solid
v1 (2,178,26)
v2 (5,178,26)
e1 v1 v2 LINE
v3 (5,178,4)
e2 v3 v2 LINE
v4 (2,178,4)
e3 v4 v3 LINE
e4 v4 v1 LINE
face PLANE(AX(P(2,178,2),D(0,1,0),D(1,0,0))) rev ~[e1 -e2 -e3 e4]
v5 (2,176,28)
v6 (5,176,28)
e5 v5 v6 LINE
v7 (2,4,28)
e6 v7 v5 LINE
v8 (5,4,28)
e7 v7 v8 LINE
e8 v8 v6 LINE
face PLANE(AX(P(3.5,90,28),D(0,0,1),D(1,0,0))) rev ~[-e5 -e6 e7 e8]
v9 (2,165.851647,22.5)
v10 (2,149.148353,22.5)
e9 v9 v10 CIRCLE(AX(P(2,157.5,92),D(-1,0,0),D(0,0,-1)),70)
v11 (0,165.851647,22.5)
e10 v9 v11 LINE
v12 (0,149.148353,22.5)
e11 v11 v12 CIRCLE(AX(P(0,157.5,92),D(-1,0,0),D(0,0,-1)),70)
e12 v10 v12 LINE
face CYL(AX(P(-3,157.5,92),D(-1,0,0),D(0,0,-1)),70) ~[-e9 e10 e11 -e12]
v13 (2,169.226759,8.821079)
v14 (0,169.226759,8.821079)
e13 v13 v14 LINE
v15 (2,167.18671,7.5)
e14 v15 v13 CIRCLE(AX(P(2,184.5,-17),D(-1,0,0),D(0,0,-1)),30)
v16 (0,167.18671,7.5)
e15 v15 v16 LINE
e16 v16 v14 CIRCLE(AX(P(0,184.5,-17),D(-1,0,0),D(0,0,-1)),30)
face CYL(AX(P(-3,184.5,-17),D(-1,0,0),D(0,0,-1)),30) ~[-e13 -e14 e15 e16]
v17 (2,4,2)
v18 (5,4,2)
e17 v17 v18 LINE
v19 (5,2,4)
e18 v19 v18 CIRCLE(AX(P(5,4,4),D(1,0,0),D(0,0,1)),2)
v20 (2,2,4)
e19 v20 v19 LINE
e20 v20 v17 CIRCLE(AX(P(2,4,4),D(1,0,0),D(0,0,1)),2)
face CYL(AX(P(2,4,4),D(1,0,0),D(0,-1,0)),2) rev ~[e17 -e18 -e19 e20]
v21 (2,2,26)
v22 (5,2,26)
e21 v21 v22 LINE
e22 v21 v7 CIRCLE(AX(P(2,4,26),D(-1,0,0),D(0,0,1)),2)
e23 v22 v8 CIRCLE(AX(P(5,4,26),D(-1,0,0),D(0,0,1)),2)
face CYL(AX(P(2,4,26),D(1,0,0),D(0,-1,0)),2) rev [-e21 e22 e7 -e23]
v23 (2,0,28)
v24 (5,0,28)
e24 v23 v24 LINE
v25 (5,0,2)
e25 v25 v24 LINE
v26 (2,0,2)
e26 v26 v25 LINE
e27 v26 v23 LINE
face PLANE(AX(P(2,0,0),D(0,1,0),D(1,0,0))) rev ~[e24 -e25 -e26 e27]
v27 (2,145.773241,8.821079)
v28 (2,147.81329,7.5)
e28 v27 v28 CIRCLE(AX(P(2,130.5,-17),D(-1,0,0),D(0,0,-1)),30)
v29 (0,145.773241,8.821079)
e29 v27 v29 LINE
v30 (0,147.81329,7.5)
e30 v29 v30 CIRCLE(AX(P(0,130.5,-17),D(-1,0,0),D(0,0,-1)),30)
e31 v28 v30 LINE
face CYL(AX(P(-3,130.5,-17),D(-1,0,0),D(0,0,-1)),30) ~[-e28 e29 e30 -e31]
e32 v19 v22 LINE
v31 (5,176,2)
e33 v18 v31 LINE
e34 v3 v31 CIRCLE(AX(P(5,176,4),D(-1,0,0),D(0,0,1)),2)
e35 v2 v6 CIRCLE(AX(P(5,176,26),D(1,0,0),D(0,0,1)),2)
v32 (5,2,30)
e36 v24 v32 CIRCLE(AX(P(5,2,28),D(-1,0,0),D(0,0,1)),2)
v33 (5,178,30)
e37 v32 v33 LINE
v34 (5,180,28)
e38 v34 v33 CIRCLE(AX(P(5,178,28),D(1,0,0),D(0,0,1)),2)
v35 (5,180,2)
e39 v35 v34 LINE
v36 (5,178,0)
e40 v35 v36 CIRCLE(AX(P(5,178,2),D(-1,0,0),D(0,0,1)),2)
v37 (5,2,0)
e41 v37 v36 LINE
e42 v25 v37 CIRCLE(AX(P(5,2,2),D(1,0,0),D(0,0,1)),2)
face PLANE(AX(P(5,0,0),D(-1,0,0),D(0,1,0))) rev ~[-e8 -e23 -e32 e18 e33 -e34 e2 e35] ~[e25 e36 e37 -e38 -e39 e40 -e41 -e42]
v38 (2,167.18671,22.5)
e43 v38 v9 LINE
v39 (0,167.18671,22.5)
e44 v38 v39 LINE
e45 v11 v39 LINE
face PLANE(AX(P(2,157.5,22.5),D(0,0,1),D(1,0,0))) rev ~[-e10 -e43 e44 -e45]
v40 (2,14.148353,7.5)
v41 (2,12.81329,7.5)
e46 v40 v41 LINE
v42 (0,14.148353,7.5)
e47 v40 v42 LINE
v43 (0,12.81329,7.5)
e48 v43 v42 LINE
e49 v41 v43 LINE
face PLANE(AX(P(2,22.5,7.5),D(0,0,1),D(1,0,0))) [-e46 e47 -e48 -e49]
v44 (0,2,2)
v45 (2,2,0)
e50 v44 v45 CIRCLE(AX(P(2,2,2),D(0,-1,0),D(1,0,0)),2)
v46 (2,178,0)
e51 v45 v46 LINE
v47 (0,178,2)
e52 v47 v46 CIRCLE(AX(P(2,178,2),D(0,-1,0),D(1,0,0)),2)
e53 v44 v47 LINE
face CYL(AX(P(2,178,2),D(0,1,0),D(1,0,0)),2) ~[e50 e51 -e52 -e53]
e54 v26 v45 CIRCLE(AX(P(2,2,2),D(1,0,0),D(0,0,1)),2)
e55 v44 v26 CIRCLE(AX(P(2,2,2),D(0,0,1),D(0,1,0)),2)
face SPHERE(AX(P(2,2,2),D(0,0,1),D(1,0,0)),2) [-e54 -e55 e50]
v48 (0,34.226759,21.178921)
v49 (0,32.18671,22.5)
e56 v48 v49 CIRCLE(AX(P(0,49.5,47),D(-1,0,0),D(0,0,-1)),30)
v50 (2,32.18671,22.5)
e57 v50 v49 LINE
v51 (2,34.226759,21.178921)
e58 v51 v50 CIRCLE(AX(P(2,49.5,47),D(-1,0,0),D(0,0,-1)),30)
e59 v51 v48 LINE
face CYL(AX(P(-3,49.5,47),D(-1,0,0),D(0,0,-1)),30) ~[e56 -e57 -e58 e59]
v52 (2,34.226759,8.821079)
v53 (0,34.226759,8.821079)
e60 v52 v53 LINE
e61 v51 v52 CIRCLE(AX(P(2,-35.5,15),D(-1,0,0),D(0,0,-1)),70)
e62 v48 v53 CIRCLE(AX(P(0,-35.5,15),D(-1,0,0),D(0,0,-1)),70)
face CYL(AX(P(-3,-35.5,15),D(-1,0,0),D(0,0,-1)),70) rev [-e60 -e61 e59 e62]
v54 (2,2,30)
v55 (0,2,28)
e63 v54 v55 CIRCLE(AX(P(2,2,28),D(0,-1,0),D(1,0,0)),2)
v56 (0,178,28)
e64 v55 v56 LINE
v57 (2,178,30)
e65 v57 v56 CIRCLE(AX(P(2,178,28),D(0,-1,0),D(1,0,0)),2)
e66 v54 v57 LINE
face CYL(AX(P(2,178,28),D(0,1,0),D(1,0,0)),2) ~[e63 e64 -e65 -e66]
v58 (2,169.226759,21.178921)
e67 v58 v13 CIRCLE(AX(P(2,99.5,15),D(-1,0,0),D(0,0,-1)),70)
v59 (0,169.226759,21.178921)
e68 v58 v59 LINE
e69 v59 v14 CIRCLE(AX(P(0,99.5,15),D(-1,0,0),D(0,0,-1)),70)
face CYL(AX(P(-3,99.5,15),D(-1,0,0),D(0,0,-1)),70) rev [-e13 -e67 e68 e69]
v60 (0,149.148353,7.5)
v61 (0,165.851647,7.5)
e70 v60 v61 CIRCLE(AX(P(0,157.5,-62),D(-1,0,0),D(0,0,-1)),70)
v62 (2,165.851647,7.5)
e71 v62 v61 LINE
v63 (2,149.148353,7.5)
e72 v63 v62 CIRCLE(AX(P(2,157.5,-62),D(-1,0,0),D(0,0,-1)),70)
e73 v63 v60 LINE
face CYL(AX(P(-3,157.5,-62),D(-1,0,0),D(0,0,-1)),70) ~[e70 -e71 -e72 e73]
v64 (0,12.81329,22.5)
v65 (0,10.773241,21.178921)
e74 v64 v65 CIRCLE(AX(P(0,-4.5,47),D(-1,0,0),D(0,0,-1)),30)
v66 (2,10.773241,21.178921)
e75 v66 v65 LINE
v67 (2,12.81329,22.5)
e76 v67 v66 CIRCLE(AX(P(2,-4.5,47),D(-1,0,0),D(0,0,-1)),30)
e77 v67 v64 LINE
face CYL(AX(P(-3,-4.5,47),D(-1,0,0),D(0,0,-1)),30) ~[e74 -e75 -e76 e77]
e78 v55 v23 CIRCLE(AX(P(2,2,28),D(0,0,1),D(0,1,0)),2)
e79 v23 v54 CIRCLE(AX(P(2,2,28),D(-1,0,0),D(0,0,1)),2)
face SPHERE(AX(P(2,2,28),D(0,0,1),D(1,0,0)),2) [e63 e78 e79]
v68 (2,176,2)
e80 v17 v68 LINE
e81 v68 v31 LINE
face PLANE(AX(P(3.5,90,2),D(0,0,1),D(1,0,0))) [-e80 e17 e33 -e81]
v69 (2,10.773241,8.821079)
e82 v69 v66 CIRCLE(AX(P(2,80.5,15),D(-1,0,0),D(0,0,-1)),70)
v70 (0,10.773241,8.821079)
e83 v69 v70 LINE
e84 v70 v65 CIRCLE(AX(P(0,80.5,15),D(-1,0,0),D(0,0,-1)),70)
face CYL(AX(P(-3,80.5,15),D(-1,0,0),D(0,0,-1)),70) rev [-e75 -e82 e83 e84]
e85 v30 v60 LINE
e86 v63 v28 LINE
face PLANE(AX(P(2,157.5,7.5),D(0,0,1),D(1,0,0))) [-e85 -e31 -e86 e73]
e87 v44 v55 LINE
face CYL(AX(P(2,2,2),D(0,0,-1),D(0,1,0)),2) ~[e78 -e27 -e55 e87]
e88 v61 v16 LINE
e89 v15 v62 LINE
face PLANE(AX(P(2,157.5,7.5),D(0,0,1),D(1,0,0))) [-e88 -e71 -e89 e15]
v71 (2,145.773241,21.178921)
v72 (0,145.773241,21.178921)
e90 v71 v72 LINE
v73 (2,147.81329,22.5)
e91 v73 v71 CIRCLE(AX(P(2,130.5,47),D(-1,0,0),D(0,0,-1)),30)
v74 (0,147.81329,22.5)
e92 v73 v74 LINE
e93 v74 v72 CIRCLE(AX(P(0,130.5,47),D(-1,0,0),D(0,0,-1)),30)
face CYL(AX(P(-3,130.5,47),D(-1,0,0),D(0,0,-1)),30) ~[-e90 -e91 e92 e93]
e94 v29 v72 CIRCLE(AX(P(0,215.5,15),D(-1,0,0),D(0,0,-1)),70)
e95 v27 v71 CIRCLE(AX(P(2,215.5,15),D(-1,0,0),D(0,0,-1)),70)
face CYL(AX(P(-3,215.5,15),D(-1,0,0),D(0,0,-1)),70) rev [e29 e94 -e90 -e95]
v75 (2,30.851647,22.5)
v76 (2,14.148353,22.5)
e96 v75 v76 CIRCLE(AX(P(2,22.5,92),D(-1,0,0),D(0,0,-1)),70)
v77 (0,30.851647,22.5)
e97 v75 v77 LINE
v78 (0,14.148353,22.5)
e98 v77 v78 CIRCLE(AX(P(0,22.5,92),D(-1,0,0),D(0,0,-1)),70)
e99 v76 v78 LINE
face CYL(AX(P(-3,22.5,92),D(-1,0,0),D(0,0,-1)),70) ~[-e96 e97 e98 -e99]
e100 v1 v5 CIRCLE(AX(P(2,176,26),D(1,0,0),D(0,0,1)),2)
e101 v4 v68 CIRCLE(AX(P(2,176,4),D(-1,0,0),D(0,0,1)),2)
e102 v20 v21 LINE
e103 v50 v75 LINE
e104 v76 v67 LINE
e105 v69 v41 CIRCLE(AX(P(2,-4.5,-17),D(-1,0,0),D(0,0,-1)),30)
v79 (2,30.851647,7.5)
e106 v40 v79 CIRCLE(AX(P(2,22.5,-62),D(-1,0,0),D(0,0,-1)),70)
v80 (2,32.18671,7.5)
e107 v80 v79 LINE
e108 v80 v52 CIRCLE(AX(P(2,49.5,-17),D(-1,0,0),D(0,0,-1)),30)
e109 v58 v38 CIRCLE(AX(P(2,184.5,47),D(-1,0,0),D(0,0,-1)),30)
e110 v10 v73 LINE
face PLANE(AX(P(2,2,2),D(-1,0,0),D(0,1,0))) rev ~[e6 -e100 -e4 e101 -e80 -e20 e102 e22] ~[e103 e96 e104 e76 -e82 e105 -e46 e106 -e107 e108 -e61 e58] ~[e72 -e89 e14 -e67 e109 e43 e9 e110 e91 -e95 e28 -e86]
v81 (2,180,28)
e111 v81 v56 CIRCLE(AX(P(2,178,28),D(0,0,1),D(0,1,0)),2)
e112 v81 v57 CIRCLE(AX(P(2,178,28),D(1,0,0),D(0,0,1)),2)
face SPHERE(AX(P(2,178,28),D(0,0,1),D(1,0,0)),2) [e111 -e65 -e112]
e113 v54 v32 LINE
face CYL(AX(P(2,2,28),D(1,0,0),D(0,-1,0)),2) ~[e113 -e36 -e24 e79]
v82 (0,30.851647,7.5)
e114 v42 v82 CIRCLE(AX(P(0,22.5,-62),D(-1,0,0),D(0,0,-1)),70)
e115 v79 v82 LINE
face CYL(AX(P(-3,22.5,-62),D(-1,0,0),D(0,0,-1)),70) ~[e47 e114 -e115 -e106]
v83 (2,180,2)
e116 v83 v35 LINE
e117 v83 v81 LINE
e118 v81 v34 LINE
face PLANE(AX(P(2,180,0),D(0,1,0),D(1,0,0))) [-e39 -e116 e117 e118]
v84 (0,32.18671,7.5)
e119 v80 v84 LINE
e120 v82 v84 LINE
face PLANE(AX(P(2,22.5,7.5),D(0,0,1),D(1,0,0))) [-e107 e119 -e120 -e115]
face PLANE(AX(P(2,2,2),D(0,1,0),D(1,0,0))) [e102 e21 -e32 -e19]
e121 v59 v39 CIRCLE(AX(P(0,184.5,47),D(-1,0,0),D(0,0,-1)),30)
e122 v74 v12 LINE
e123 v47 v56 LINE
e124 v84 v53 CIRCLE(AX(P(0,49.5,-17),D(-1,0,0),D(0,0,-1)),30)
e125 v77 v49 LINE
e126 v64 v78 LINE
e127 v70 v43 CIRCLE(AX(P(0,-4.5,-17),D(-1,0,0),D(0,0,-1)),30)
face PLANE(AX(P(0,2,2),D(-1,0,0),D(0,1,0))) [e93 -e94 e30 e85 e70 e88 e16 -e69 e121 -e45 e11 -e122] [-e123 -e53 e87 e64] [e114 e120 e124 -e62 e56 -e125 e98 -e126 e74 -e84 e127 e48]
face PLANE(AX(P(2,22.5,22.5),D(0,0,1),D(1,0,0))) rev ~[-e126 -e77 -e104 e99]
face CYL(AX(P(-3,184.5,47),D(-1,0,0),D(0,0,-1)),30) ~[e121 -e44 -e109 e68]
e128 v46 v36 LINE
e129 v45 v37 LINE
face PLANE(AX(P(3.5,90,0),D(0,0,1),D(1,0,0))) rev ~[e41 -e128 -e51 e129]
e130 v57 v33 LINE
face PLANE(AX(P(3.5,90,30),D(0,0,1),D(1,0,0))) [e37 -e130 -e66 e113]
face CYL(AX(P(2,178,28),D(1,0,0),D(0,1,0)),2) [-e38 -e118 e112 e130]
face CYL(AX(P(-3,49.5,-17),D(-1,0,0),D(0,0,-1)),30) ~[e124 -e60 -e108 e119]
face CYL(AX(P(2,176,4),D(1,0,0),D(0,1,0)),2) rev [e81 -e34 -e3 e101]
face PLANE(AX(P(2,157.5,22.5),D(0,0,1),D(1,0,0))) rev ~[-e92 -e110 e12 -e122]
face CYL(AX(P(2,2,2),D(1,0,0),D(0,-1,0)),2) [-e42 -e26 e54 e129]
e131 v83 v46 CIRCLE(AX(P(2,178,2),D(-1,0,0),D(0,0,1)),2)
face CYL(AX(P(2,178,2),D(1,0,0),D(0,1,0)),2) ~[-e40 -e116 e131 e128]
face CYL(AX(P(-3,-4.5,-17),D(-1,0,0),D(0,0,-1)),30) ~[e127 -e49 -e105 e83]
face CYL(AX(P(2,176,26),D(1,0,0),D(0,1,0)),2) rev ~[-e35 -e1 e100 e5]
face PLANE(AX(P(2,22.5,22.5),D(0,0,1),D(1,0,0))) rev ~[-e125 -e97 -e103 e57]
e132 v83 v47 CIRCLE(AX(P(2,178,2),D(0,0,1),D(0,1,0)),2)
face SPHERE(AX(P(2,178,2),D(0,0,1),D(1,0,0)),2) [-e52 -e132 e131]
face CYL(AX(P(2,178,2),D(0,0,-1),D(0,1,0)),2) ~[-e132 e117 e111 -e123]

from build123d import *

# Parameters (mm, degrees)
BOX002_W          = 3
BOX002_H          = 176
BOX002_DEPTH      = 26
FILLET001_R       = 2
CYLINDER020_R     = 30
CYLINDER020_DEPTH = 10
CYLINDER019_R     = 30
CYLINDER019_DEPTH = 10
CYLINDER018_R     = 30
CYLINDER018_DEPTH = 10
CYLINDER016_R     = 30
CYLINDER016_DEPTH = 10
CYLINDER017_R     = 70
CYLINDER017_DEPTH = 10
CYLINDER015_R     = 70
CYLINDER015_DEPTH = 10
CYLINDER014_R     = 70
CYLINDER014_DEPTH = 10
CYLINDER013_R     = 70
CYLINDER013_DEPTH = 10
BOX004_W          = 10
BOX004_H          = 24
BOX004_DEPTH      = 15
CYLINDER012_R     = 30
CYLINDER012_DEPTH = 10
CYLINDER011_R     = 30
CYLINDER011_DEPTH = 10
CYLINDER010_R     = 30
CYLINDER010_DEPTH = 10
CYLINDER008_R     = 30
CYLINDER008_DEPTH = 10
CYLINDER009_R     = 70
CYLINDER009_DEPTH = 10
CYLINDER006_R     = 70
CYLINDER006_DEPTH = 10
CYLINDER005_R     = 70
CYLINDER005_DEPTH = 10
CYLINDER004_R     = 70
CYLINDER004_DEPTH = 10
BOX003_W          = 10
BOX003_H          = 24
BOX003_DEPTH      = 15
BOX_W             = 2
BOX_H             = 176
BOX_DEPTH         = 26
CYLINDER_R        = 2
CYLINDER_DEPTH    = 26
CYLINDER001_R     = 2
CYLINDER001_DEPTH = 26
CYLINDER002_R     = 2
CYLINDER002_DEPTH = 176
CYLINDER003_R     = 2
CYLINDER003_DEPTH = 176
BOX001_W          = 3
BOX001_H          = 180
BOX001_DEPTH      = 30
FILLET_R          = 2


with BuildPart() as fillet001:
    # Box002 → Box002 (new body)
    with BuildSketch(Plane(origin=(7, 2, 2), x_dir=(1, 0, 0), z_dir=(0, 0, 1))):
        with Locations((1.5, 88)):
            Rectangle(BOX002_W, BOX002_H)
    extrude(amount=BOX002_DEPTH)

    # Fillet001
    fillet001_edges = [fillet001.edges().sort_by_distance(p)[0] for p in [
        (8.5, 2, 2),
        (8.5, 2, 28),
        (8.5, 178, 2),
        (8.5, 178, 28),
    ]]
    fillet(fillet001_edges, radius=FILLET001_R)


with BuildPart() as fillet001_1:
    # Fillet001 placement: moved
    add(fillet001.part.moved(Location((-5, 0, 0))))


with BuildPart() as cylinder020:
    # Cylinder020 → Cylinder020 (new body)
    with BuildSketch(Plane(origin=(22, -27, 39.5), x_dir=(0, 0, -1), z_dir=(1, 0, 0))):
        Circle(CYLINDER020_R)
    extrude(amount=CYLINDER020_DEPTH)


with BuildPart() as cylinder019:
    # Cylinder019 → Cylinder019 (new body)
    with BuildSketch(Plane(origin=(22, -27, -24.5), x_dir=(0, 0, -1), z_dir=(1, 0, 0))):
        Circle(CYLINDER019_R)
    extrude(amount=CYLINDER019_DEPTH)


with BuildPart() as cylinder018:
    # Cylinder018 → Cylinder018 (new body)
    with BuildSketch(Plane(origin=(22, 27, -24.5), x_dir=(0, 0, -1), z_dir=(1, 0, 0))):
        Circle(CYLINDER018_R)
    extrude(amount=CYLINDER018_DEPTH)


with BuildPart() as cylinder016:
    # Cylinder016 → Cylinder016 (new body)
    with BuildSketch(Plane(origin=(22, 27, 39.5), x_dir=(0, 0, -1), z_dir=(1, 0, 0))):
        Circle(CYLINDER016_R)
    extrude(amount=CYLINDER016_DEPTH)


with BuildPart() as cylinder017:
    # Cylinder017 → Cylinder017 (new body)
    with BuildSketch(Plane(origin=(22, -58, 7.5), x_dir=(0, 0, -1), z_dir=(1, 0, 0))):
        Circle(CYLINDER017_R)
    extrude(amount=CYLINDER017_DEPTH)


with BuildPart() as cylinder015:
    # Cylinder015 → Cylinder015 (new body)
    with BuildSketch(Plane(origin=(22, 58, 7.5), x_dir=(0, 0, -1), z_dir=(1, 0, 0))):
        Circle(CYLINDER015_R)
    extrude(amount=CYLINDER015_DEPTH)


with BuildPart() as cylinder014:
    # Cylinder014 → Cylinder014 (new body)
    with BuildSketch(Plane(origin=(22, 0, 84.5), x_dir=(0, 0, -1), z_dir=(1, 0, 0))):
        Circle(CYLINDER014_R)
    extrude(amount=CYLINDER014_DEPTH)


with BuildPart() as cylinder013:
    # Cylinder013 → Cylinder013 (new body)
    with BuildSketch(Plane(origin=(22, 0, -69.5), x_dir=(0, 0, -1), z_dir=(1, 0, 0))):
        Circle(CYLINDER013_R)
    extrude(amount=CYLINDER013_DEPTH)


with BuildPart() as cut011:
    # Box004 → Box004 (new body)
    with BuildSketch(Plane(origin=(22, -12, 0), x_dir=(1, 0, 0), z_dir=(0, 0, 1))):
        with Locations((5, 12)):
            Rectangle(BOX004_W, BOX004_H)
    extrude(amount=BOX004_DEPTH)

    # Cut006: cut Cylinder013
    add(cylinder013.part, mode=Mode.SUBTRACT)

    # Cut007: cut Cylinder014
    add(cylinder014.part, mode=Mode.SUBTRACT)

    # Common002: intersect Cylinder015
    add(cylinder015.part, mode=Mode.INTERSECT)

    # Common003: intersect Cylinder017
    add(cylinder017.part, mode=Mode.INTERSECT)

    # Cut008: cut Cylinder016
    add(cylinder016.part, mode=Mode.SUBTRACT)

    # Cut009: cut Cylinder018
    add(cylinder018.part, mode=Mode.SUBTRACT)

    # Cut010: cut Cylinder019
    add(cylinder019.part, mode=Mode.SUBTRACT)

    # Cut011: cut Cylinder020
    add(cylinder020.part, mode=Mode.SUBTRACT)


with BuildPart() as cut011_1:
    # Cut011 placement: moved
    add(cut011.part.moved(Location((-25, 22.5, 7.5))))


with BuildPart() as cylinder012:
    # Cylinder012 → Cylinder012 (new body)
    with BuildSketch(Plane(origin=(22, -27, 39.5), x_dir=(0, 0, -1), z_dir=(1, 0, 0))):
        Circle(CYLINDER012_R)
    extrude(amount=CYLINDER012_DEPTH)


with BuildPart() as cylinder011:
    # Cylinder011 → Cylinder011 (new body)
    with BuildSketch(Plane(origin=(22, -27, -24.5), x_dir=(0, 0, -1), z_dir=(1, 0, 0))):
        Circle(CYLINDER011_R)
    extrude(amount=CYLINDER011_DEPTH)


with BuildPart() as cylinder010:
    # Cylinder010 → Cylinder010 (new body)
    with BuildSketch(Plane(origin=(22, 27, -24.5), x_dir=(0, 0, -1), z_dir=(1, 0, 0))):
        Circle(CYLINDER010_R)
    extrude(amount=CYLINDER010_DEPTH)


with BuildPart() as cylinder008:
    # Cylinder008 → Cylinder008 (new body)
    with BuildSketch(Plane(origin=(22, 27, 39.5), x_dir=(0, 0, -1), z_dir=(1, 0, 0))):
        Circle(CYLINDER008_R)
    extrude(amount=CYLINDER008_DEPTH)


with BuildPart() as cylinder009:
    # Cylinder009 → Cylinder009 (new body)
    with BuildSketch(Plane(origin=(22, -58, 7.5), x_dir=(0, 0, -1), z_dir=(1, 0, 0))):
        Circle(CYLINDER009_R)
    extrude(amount=CYLINDER009_DEPTH)


with BuildPart() as cylinder006:
    # Cylinder006 → Cylinder006 (new body)
    with BuildSketch(Plane(origin=(22, 58, 7.5), x_dir=(0, 0, -1), z_dir=(1, 0, 0))):
        Circle(CYLINDER006_R)
    extrude(amount=CYLINDER006_DEPTH)


with BuildPart() as cylinder005:
    # Cylinder005 → Cylinder005 (new body)
    with BuildSketch(Plane(origin=(22, 0, 84.5), x_dir=(0, 0, -1), z_dir=(1, 0, 0))):
        Circle(CYLINDER005_R)
    extrude(amount=CYLINDER005_DEPTH)


with BuildPart() as cylinder:
    # Cylinder004 → Cylinder004 (new body)
    with BuildSketch(Plane(origin=(22, 0, -69.5), x_dir=(0, 0, -1), z_dir=(1, 0, 0))):
        Circle(CYLINDER004_R)
    extrude(amount=CYLINDER004_DEPTH)


with BuildPart() as cut005:
    # Box003 → Box003 (new body)
    with BuildSketch(Plane(origin=(22, -12, 0), x_dir=(1, 0, 0), z_dir=(0, 0, 1))):
        with Locations((5, 12)):
            Rectangle(BOX003_W, BOX003_H)
    extrude(amount=BOX003_DEPTH)

    # Cut: cut Cylinder
    add(cylinder.part, mode=Mode.SUBTRACT)

    # Cut001: cut Cylinder005
    add(cylinder005.part, mode=Mode.SUBTRACT)

    # Common: intersect Cylinder006
    add(cylinder006.part, mode=Mode.INTERSECT)

    # Common001: intersect Cylinder009
    add(cylinder009.part, mode=Mode.INTERSECT)

    # Cut002: cut Cylinder008
    add(cylinder008.part, mode=Mode.SUBTRACT)

    # Cut003: cut Cylinder010
    add(cylinder010.part, mode=Mode.SUBTRACT)

    # Cut004: cut Cylinder011
    add(cylinder011.part, mode=Mode.SUBTRACT)

    # Cut005: cut Cylinder012
    add(cylinder012.part, mode=Mode.SUBTRACT)


with BuildPart() as cut005_1:
    # Cut005 placement: moved
    add(cut005.part.moved(Location((-25, 157.5, 7.5))))


with BuildPart() as cube001:
    # Box → Box (new body)
    with BuildSketch(Plane(origin=(0, 2, 2), x_dir=(1, 0, 0), z_dir=(0, 0, 1))):
        with Locations((1, 88)):
            Rectangle(BOX_W, BOX_H)
    extrude(amount=BOX_DEPTH)


with BuildPart() as cylinder001:
    # Cylinder → Cylinder (new body)
    with BuildSketch(Plane(origin=(2, 2, 2), x_dir=(0, 1, 0), z_dir=(0, 0, 1))):
        Circle(CYLINDER_R)
    extrude(amount=CYLINDER_DEPTH)


with BuildPart() as cylinder002:
    # Cylinder001 → Cylinder001 (new body)
    with BuildSketch(Plane(origin=(2, 178, 2), x_dir=(0, 1, 0), z_dir=(0, 0, 1))):
        Circle(CYLINDER001_R)
    extrude(amount=CYLINDER001_DEPTH)


with BuildPart() as cylinder003:
    # Cylinder002 → Cylinder002 (new body)
    with BuildSketch(Plane(origin=(2, 178, 2), x_dir=(1, 0, 0), z_dir=(0, -1, 0))):
        Circle(CYLINDER002_R)
    extrude(amount=CYLINDER002_DEPTH)


with BuildPart() as cylinder004:
    # Cylinder003 → Cylinder003 (new body)
    with BuildSketch(Plane(origin=(2, 178, 28), x_dir=(1, 0, 0), z_dir=(0, -1, 0))):
        Circle(CYLINDER003_R)
    extrude(amount=CYLINDER003_DEPTH)


with BuildPart() as sphere001:
    # Sphere → Sphere (revolve)
    with BuildSketch(Plane(origin=(2, 2, 2), x_dir=(1, 0, 0), z_dir=(0, -1, 0))):
        with BuildLine():
            ThreePointArc((0, -2), (2, 0), (0, 2))
            Line((0, 2), (0, -2))
        make_face()
    revolve(axis=Axis((2, 2, 2), (0, 0, 1)))


with BuildPart() as sphere002:
    # Sphere001 → Sphere001 (revolve)
    with BuildSketch(Plane(origin=(2, 178, 2), x_dir=(1, 0, 0), z_dir=(0, -1, 0))):
        with BuildLine():
            ThreePointArc((0, -2), (2, 0), (0, 2))
            Line((0, 2), (0, -2))
        make_face()
    revolve(axis=Axis((2, 178, 2), (0, 0, 1)))


with BuildPart() as sphere003:
    # Sphere002 → Sphere002 (revolve)
    with BuildSketch(Plane(origin=(2, 2, 28), x_dir=(1, 0, 0), z_dir=(0, -1, 0))):
        with BuildLine():
            ThreePointArc((0, -2), (2, 0), (0, 2))
            Line((0, 2), (0, -2))
        make_face()
    revolve(axis=Axis((2, 2, 28), (0, 0, 1)))


with BuildPart() as sphere004:
    # Sphere003 → Sphere003 (revolve)
    with BuildSketch(Plane(origin=(2, 178, 28), x_dir=(1, 0, 0), z_dir=(0, -1, 0))):
        with BuildLine():
            ThreePointArc((0, -2), (2, 0), (0, 2))
            Line((0, 2), (0, -2))
        make_face()
    revolve(axis=Axis((2, 178, 28), (0, 0, 1)))


with BuildPart() as cut014:
    # Box001 → Box001 (new body)
    with BuildSketch(Plane(origin=(2, 0, 0), x_dir=(1, 0, 0), z_dir=(0, 0, 1))):
        with Locations((1.5, 90)):
            Rectangle(BOX001_W, BOX001_H)
    extrude(amount=BOX001_DEPTH)

    # Fillet
    fillet_edges = [cut014.edges().sort_by_distance(p)[0] for p in [
        (3.5, 0, 0),
        (3.5, 0, 30),
        (3.5, 180, 0),
        (3.5, 180, 30),
    ]]
    fillet(fillet_edges, radius=FILLET_R)

    # Fusion: union Cube001, Cylinder001, Cylinder002, Cylinder003, Cylinder004, Sphere001, Sphere002, Sphere003, Sphere004
    add(cube001.part)
    add(cylinder001.part)
    add(cylinder002.part)
    add(cylinder003.part)
    add(cylinder004.part)
    add(sphere001.part)
    add(sphere002.part)
    add(sphere003.part)
    add(sphere004.part)

    # Cut012: cut Cut005
    add(cut005_1.part, mode=Mode.SUBTRACT)

    # Cut013: cut Cut011
    add(cut011_1.part, mode=Mode.SUBTRACT)

    # Cut014: cut Fillet001
    add(fillet001_1.part, mode=Mode.SUBTRACT)


solid = cut014.part
